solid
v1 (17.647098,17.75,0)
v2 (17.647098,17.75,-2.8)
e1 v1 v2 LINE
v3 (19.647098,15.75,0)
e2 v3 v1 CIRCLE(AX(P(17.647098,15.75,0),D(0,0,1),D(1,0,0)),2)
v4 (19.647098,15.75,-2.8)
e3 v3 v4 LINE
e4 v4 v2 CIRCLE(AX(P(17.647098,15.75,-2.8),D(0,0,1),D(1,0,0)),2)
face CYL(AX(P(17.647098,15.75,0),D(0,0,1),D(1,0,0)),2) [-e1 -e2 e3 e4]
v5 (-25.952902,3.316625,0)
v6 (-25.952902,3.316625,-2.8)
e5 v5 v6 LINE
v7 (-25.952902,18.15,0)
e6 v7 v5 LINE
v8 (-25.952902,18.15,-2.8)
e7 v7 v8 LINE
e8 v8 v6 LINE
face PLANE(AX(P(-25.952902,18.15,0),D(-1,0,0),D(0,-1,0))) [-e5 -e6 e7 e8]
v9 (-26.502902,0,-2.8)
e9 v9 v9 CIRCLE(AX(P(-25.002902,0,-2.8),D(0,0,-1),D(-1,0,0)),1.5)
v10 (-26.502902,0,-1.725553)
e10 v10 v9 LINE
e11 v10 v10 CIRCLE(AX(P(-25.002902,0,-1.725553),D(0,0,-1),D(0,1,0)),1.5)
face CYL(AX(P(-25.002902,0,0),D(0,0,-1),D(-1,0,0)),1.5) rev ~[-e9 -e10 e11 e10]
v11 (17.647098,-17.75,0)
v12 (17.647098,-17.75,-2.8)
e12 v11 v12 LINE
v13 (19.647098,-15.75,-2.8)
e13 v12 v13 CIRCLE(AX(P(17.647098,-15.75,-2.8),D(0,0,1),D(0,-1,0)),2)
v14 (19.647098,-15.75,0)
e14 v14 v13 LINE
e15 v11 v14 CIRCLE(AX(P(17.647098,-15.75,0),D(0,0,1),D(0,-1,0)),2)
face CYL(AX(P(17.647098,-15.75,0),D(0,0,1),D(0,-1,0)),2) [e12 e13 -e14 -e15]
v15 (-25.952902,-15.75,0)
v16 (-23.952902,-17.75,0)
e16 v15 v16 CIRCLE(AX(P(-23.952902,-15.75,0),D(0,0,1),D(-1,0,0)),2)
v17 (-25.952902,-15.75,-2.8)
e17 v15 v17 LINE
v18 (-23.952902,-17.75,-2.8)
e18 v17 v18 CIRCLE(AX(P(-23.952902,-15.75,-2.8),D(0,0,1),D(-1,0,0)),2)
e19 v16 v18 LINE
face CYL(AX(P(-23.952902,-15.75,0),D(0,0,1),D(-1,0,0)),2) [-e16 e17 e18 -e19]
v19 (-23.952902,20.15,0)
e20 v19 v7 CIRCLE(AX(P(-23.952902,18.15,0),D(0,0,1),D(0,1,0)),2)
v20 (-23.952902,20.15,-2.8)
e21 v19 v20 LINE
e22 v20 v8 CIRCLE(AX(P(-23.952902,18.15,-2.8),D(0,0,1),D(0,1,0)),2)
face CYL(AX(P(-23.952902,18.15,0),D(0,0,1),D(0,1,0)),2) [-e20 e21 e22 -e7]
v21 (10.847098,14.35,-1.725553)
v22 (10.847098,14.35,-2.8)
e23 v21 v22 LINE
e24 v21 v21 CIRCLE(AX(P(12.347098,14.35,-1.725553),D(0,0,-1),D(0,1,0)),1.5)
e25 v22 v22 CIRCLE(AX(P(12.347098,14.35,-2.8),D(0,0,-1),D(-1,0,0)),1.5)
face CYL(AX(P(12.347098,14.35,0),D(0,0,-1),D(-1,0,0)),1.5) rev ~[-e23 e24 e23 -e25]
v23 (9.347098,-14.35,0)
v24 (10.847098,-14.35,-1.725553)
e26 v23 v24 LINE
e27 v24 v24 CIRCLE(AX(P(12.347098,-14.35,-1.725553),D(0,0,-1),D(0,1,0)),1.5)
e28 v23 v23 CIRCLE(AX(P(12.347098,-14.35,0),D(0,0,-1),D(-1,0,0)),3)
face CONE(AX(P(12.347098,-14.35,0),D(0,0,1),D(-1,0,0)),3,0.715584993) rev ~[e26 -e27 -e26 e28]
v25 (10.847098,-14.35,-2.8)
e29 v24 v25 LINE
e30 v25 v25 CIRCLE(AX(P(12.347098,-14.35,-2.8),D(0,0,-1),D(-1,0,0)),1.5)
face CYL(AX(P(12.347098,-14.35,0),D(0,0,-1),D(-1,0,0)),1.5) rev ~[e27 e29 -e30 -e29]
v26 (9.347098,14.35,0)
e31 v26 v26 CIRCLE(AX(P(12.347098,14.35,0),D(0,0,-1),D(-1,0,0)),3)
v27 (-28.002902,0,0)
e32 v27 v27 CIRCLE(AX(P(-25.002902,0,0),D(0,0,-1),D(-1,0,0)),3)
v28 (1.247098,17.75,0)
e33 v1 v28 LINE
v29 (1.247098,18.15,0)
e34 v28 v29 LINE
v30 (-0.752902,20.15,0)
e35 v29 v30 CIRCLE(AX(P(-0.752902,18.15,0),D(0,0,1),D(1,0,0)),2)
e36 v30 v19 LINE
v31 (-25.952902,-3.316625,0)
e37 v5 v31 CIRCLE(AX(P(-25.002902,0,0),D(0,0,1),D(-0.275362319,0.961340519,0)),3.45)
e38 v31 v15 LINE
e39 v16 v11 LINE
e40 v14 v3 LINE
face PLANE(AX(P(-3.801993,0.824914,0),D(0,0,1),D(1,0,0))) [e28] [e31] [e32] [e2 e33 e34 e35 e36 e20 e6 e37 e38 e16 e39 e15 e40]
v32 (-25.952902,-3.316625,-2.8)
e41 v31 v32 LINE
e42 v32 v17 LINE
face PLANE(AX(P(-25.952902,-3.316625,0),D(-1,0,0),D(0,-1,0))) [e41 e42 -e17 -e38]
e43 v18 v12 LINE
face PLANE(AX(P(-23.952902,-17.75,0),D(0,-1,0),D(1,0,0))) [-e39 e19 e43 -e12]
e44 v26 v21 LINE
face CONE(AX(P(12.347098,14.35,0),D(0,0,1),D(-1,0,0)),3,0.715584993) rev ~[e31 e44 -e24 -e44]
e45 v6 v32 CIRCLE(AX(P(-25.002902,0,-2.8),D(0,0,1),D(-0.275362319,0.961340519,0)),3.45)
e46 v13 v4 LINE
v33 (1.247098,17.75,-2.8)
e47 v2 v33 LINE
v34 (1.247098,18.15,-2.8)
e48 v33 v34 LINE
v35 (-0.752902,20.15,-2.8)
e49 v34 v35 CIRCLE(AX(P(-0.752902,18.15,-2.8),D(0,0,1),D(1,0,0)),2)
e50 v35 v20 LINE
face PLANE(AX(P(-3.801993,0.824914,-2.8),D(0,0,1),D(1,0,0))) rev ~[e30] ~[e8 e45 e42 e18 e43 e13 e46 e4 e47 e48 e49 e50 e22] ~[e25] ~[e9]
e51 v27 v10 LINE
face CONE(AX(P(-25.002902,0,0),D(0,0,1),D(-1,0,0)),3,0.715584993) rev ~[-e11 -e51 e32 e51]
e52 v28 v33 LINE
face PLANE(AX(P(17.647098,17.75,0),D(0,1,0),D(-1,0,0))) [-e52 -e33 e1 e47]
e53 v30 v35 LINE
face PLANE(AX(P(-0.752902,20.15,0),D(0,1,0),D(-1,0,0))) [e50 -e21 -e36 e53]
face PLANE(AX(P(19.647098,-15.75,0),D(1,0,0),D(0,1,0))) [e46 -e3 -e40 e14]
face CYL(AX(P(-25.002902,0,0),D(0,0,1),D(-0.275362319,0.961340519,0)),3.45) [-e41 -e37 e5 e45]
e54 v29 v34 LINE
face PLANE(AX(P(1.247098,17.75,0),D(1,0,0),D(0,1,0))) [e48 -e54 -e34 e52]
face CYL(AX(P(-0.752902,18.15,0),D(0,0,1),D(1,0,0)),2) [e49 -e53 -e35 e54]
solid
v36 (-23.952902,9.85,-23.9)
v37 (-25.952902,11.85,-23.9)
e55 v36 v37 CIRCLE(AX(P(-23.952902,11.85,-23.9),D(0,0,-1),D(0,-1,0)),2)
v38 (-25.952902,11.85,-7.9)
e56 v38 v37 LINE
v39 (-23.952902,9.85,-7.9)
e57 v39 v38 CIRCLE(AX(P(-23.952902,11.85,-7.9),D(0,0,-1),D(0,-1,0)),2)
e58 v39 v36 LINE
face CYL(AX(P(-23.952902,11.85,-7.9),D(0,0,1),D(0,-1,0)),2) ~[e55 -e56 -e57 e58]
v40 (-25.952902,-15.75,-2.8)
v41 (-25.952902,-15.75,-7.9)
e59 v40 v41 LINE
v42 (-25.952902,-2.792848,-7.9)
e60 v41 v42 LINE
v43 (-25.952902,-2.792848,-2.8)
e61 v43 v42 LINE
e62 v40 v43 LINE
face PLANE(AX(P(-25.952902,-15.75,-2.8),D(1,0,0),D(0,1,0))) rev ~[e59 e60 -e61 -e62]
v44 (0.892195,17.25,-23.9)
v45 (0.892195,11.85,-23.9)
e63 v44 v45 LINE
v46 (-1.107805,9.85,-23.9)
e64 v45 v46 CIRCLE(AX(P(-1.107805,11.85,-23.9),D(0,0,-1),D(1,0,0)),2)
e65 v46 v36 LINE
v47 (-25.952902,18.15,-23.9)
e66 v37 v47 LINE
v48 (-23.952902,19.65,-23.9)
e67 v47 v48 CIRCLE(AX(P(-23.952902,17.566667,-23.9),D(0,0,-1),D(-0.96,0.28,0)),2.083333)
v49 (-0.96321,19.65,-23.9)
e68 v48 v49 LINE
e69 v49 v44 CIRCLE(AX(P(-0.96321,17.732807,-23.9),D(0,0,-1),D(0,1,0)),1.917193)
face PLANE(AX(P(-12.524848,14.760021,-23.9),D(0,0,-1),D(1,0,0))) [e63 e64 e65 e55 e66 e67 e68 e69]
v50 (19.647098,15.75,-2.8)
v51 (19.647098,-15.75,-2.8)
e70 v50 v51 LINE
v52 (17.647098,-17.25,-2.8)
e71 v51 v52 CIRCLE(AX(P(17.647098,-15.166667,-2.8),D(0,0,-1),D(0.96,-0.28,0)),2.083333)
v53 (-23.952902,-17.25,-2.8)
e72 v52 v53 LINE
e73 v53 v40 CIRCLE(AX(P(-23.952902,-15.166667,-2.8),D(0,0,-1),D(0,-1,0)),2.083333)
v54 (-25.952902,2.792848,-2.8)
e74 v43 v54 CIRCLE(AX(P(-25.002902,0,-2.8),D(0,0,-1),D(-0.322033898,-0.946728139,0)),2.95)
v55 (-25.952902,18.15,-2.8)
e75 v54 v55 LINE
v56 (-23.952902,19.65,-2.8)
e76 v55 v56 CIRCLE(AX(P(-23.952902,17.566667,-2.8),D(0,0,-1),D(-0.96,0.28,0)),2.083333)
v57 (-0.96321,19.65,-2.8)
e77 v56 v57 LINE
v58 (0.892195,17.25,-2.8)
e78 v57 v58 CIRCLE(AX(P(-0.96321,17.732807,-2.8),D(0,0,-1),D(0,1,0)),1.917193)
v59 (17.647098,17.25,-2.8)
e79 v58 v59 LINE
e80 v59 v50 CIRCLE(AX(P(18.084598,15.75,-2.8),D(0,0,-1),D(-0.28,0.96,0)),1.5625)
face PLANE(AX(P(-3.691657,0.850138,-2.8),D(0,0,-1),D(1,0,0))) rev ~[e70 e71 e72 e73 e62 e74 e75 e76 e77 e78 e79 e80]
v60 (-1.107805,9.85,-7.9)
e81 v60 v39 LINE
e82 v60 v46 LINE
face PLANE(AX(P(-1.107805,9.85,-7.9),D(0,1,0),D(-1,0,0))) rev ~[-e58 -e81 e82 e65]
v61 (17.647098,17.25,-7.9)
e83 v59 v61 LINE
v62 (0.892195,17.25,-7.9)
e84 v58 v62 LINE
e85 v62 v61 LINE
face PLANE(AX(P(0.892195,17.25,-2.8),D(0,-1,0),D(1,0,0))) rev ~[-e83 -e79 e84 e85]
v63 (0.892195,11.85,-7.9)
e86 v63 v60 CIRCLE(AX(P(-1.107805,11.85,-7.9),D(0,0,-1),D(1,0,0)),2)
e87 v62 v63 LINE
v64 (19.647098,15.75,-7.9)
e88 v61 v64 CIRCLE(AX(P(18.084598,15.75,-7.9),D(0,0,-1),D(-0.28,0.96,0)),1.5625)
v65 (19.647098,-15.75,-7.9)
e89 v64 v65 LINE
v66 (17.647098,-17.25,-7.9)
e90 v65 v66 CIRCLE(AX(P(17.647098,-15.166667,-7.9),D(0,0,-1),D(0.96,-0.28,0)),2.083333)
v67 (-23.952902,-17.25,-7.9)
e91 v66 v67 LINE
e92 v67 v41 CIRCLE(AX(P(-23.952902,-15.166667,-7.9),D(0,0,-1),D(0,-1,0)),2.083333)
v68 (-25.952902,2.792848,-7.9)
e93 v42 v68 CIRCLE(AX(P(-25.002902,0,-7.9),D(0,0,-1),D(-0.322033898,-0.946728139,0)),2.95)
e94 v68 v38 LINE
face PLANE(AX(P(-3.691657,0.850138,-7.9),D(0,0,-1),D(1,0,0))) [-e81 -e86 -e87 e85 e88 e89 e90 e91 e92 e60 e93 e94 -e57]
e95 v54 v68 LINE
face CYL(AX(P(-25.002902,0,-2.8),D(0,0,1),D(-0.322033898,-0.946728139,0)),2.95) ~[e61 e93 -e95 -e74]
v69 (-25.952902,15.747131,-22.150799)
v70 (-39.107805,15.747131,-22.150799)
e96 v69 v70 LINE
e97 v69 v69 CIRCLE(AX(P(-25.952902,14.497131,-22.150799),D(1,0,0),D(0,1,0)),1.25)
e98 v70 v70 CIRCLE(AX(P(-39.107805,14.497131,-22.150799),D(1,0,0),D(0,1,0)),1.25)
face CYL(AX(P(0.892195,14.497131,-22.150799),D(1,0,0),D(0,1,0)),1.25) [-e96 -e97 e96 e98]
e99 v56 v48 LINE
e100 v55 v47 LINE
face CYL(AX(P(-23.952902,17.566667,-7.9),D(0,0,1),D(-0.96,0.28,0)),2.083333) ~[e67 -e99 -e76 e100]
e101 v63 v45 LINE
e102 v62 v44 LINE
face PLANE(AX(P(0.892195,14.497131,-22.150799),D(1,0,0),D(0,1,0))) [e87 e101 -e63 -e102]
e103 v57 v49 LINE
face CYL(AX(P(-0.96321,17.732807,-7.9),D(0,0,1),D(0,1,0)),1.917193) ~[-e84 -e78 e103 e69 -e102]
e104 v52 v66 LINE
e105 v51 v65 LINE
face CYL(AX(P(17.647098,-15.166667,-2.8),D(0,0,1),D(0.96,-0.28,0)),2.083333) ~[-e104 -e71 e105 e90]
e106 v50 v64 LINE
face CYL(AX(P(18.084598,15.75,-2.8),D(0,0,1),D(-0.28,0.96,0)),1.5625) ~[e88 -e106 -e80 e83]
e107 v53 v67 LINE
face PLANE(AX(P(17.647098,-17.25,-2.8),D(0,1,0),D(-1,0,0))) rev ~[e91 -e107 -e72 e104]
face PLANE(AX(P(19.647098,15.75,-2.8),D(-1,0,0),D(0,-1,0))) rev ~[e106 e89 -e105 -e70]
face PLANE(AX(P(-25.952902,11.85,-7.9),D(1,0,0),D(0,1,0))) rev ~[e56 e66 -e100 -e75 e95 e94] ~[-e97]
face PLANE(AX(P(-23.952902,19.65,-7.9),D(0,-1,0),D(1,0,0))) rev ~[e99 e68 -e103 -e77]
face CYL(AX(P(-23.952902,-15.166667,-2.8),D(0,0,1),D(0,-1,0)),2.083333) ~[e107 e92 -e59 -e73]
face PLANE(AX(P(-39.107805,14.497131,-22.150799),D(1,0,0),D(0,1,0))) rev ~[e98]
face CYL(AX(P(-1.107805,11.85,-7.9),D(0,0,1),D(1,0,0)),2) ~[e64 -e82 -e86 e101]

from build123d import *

# Parameters (mm, degrees)
F1_DEPTH       = 2.8
F2_D           = 3
F2_CSINK_D     = 6
F2_CSINK_ANGLE = 82
F4_DEPTH       = 5.1
F6_DEPTH       = 16
F7_R           = 1.25
F8_DEPTH       = 40


with BuildPart() as f1:
    # F0 (on Top) → F1 (new body)
    with BuildSketch(Plane.XY):
        with BuildLine():
            Line((-0.7529023737, 20.15), (-23.9529023737, 20.15))
            ThreePointArc((-23.9529023737, 20.15), (-25.367115936, 19.5642135624), (-25.9529023737, 18.15))
            Line((-25.9529023737, 18.15), (-25.9529023737, 3.3166247904))
            ThreePointArc((-25.9529023737, 3.3166247904), (-28.4529023737, 0), (-25.9529023737, -3.3166247904))
            Line((-25.9529023737, -3.3166247904), (-25.9529023737, -15.75))
            ThreePointArc((-25.9529023737, -15.75), (-25.367115936, -17.1642135624), (-23.9529023737, -17.75))
            Line((-23.9529023737, -17.75), (17.6470976263, -17.75))
            ThreePointArc((17.6470976263, -17.75), (19.0613111887, -17.1642135624), (19.6470976263, -15.75))
            Line((19.6470976263, -15.75), (19.6470976263, 15.75))
            ThreePointArc((19.6470976263, 15.75), (19.0613111887, 17.1642135624), (17.6470976263, 17.75))
            Line((17.6470976263, 17.75), (1.2470976263, 17.75))
            Line((1.2470976263, 17.75), (1.2470976263, 18.15))
            ThreePointArc((1.2470976263, 18.15), (0.6613111887, 19.5642135624), (-0.7529023737, 20.15))
        make_face()
    extrude(amount=-F1_DEPTH)

    # F2 (through all)
    with Locations(Plane.XY):
        with Locations((-25.0029023737, 0), (12.3470976263, 14.35), (12.3470976263, -14.35)):
            CounterSinkHole(F2_D / 2, F2_CSINK_D / 2, counter_sink_angle=F2_CSINK_ANGLE)


with BuildPart() as f4:
    # F3 (on face) → F4 (new body)
    with BuildSketch(Plane(origin=(0, 0, -2.8), x_dir=(1, 0, 0), z_dir=(0, 0, -1))):
        with BuildLine():
            Line((17.6470976263, 17.25), (-23.9529023737, 17.25))
            ThreePointArc((-23.9529023737, 17.25), (-25.2029023737, 16.8333333333), (-25.9529023737, 15.75))
            Line((-25.9529023737, 15.75), (-25.9529023737, 3.3166247904))
            Line((-25.9529023737, 3.3166247904), (-25.9529023737, 2.7928480088))
            ThreePointArc((-25.9529023737, 2.7928480088), (-27.9529023737, 0), (-25.9529023737, -2.7928480088))
            Line((-25.9529023737, -2.7928480088), (-25.9529023737, -3.3166247904))
            Line((-25.9529023737, -3.3166247904), (-25.9529023737, -18.15))
            ThreePointArc((-25.9529023737, -18.15), (-25.2029023737, -19.2333333333), (-23.9529023737, -19.65))
            Line((-23.9529023737, -19.65), (-0.96321007, -19.65))
            ThreePointArc((-0.96321007, -19.65), (0.5535734331, -18.9054098922), (0.8921952177, -17.25))
            Line((0.8921952177, -17.25), (17.6470976263, -17.25))
            ThreePointArc((17.6470976263, -17.25), (19.0220976263, -17), (19.6470976263, -15.75))
            Line((19.6470976263, -15.75), (19.6470976263, 15.75))
            ThreePointArc((19.6470976263, 15.75), (18.8970976263, 16.8333333333), (17.6470976263, 17.25))
        make_face()
    extrude(amount=F4_DEPTH)

    # F5 (on face) → F6 (join)
    with BuildSketch(Plane(origin=(0, 0, -7.9), x_dir=(1, 0, 0), z_dir=(0, 0, -1))):
        with BuildLine():
            Line((-25.9529023737, -11.85), (-25.9529023737, -18.15))
            ThreePointArc((-25.9529023737, -18.15), (-25.2029023737, -19.2333333333), (-23.9529023737, -19.65))
            Line((-23.9529023737, -19.65), (-0.96321007, -19.65))
            ThreePointArc((-0.96321007, -19.65), (0.5535734331, -18.9054098922), (0.8921952177, -17.25))
            Line((0.8921952177, -17.25), (0.8921952177, -11.85))
            ThreePointArc((0.8921952177, -11.85), (0.3064087801, -10.4357864376), (-1.1078047823, -9.85))
            Line((-1.1078047823, -9.85), (-23.9529023737, -9.85))
            ThreePointArc((-23.9529023737, -9.85), (-25.367115936, -10.4357864376), (-25.9529023737, -11.85))
        make_face()
    extrude(amount=F6_DEPTH)

    # F7 (on face) → F8 (join)
    with BuildSketch(Plane.YZ.offset(0.8921952177)):
        with Locations((14.4971305676, -22.1507988043)):
            Circle(F7_R)
    extrude(amount=-F8_DEPTH)


solid = Compound([f1.part, f4.part])
